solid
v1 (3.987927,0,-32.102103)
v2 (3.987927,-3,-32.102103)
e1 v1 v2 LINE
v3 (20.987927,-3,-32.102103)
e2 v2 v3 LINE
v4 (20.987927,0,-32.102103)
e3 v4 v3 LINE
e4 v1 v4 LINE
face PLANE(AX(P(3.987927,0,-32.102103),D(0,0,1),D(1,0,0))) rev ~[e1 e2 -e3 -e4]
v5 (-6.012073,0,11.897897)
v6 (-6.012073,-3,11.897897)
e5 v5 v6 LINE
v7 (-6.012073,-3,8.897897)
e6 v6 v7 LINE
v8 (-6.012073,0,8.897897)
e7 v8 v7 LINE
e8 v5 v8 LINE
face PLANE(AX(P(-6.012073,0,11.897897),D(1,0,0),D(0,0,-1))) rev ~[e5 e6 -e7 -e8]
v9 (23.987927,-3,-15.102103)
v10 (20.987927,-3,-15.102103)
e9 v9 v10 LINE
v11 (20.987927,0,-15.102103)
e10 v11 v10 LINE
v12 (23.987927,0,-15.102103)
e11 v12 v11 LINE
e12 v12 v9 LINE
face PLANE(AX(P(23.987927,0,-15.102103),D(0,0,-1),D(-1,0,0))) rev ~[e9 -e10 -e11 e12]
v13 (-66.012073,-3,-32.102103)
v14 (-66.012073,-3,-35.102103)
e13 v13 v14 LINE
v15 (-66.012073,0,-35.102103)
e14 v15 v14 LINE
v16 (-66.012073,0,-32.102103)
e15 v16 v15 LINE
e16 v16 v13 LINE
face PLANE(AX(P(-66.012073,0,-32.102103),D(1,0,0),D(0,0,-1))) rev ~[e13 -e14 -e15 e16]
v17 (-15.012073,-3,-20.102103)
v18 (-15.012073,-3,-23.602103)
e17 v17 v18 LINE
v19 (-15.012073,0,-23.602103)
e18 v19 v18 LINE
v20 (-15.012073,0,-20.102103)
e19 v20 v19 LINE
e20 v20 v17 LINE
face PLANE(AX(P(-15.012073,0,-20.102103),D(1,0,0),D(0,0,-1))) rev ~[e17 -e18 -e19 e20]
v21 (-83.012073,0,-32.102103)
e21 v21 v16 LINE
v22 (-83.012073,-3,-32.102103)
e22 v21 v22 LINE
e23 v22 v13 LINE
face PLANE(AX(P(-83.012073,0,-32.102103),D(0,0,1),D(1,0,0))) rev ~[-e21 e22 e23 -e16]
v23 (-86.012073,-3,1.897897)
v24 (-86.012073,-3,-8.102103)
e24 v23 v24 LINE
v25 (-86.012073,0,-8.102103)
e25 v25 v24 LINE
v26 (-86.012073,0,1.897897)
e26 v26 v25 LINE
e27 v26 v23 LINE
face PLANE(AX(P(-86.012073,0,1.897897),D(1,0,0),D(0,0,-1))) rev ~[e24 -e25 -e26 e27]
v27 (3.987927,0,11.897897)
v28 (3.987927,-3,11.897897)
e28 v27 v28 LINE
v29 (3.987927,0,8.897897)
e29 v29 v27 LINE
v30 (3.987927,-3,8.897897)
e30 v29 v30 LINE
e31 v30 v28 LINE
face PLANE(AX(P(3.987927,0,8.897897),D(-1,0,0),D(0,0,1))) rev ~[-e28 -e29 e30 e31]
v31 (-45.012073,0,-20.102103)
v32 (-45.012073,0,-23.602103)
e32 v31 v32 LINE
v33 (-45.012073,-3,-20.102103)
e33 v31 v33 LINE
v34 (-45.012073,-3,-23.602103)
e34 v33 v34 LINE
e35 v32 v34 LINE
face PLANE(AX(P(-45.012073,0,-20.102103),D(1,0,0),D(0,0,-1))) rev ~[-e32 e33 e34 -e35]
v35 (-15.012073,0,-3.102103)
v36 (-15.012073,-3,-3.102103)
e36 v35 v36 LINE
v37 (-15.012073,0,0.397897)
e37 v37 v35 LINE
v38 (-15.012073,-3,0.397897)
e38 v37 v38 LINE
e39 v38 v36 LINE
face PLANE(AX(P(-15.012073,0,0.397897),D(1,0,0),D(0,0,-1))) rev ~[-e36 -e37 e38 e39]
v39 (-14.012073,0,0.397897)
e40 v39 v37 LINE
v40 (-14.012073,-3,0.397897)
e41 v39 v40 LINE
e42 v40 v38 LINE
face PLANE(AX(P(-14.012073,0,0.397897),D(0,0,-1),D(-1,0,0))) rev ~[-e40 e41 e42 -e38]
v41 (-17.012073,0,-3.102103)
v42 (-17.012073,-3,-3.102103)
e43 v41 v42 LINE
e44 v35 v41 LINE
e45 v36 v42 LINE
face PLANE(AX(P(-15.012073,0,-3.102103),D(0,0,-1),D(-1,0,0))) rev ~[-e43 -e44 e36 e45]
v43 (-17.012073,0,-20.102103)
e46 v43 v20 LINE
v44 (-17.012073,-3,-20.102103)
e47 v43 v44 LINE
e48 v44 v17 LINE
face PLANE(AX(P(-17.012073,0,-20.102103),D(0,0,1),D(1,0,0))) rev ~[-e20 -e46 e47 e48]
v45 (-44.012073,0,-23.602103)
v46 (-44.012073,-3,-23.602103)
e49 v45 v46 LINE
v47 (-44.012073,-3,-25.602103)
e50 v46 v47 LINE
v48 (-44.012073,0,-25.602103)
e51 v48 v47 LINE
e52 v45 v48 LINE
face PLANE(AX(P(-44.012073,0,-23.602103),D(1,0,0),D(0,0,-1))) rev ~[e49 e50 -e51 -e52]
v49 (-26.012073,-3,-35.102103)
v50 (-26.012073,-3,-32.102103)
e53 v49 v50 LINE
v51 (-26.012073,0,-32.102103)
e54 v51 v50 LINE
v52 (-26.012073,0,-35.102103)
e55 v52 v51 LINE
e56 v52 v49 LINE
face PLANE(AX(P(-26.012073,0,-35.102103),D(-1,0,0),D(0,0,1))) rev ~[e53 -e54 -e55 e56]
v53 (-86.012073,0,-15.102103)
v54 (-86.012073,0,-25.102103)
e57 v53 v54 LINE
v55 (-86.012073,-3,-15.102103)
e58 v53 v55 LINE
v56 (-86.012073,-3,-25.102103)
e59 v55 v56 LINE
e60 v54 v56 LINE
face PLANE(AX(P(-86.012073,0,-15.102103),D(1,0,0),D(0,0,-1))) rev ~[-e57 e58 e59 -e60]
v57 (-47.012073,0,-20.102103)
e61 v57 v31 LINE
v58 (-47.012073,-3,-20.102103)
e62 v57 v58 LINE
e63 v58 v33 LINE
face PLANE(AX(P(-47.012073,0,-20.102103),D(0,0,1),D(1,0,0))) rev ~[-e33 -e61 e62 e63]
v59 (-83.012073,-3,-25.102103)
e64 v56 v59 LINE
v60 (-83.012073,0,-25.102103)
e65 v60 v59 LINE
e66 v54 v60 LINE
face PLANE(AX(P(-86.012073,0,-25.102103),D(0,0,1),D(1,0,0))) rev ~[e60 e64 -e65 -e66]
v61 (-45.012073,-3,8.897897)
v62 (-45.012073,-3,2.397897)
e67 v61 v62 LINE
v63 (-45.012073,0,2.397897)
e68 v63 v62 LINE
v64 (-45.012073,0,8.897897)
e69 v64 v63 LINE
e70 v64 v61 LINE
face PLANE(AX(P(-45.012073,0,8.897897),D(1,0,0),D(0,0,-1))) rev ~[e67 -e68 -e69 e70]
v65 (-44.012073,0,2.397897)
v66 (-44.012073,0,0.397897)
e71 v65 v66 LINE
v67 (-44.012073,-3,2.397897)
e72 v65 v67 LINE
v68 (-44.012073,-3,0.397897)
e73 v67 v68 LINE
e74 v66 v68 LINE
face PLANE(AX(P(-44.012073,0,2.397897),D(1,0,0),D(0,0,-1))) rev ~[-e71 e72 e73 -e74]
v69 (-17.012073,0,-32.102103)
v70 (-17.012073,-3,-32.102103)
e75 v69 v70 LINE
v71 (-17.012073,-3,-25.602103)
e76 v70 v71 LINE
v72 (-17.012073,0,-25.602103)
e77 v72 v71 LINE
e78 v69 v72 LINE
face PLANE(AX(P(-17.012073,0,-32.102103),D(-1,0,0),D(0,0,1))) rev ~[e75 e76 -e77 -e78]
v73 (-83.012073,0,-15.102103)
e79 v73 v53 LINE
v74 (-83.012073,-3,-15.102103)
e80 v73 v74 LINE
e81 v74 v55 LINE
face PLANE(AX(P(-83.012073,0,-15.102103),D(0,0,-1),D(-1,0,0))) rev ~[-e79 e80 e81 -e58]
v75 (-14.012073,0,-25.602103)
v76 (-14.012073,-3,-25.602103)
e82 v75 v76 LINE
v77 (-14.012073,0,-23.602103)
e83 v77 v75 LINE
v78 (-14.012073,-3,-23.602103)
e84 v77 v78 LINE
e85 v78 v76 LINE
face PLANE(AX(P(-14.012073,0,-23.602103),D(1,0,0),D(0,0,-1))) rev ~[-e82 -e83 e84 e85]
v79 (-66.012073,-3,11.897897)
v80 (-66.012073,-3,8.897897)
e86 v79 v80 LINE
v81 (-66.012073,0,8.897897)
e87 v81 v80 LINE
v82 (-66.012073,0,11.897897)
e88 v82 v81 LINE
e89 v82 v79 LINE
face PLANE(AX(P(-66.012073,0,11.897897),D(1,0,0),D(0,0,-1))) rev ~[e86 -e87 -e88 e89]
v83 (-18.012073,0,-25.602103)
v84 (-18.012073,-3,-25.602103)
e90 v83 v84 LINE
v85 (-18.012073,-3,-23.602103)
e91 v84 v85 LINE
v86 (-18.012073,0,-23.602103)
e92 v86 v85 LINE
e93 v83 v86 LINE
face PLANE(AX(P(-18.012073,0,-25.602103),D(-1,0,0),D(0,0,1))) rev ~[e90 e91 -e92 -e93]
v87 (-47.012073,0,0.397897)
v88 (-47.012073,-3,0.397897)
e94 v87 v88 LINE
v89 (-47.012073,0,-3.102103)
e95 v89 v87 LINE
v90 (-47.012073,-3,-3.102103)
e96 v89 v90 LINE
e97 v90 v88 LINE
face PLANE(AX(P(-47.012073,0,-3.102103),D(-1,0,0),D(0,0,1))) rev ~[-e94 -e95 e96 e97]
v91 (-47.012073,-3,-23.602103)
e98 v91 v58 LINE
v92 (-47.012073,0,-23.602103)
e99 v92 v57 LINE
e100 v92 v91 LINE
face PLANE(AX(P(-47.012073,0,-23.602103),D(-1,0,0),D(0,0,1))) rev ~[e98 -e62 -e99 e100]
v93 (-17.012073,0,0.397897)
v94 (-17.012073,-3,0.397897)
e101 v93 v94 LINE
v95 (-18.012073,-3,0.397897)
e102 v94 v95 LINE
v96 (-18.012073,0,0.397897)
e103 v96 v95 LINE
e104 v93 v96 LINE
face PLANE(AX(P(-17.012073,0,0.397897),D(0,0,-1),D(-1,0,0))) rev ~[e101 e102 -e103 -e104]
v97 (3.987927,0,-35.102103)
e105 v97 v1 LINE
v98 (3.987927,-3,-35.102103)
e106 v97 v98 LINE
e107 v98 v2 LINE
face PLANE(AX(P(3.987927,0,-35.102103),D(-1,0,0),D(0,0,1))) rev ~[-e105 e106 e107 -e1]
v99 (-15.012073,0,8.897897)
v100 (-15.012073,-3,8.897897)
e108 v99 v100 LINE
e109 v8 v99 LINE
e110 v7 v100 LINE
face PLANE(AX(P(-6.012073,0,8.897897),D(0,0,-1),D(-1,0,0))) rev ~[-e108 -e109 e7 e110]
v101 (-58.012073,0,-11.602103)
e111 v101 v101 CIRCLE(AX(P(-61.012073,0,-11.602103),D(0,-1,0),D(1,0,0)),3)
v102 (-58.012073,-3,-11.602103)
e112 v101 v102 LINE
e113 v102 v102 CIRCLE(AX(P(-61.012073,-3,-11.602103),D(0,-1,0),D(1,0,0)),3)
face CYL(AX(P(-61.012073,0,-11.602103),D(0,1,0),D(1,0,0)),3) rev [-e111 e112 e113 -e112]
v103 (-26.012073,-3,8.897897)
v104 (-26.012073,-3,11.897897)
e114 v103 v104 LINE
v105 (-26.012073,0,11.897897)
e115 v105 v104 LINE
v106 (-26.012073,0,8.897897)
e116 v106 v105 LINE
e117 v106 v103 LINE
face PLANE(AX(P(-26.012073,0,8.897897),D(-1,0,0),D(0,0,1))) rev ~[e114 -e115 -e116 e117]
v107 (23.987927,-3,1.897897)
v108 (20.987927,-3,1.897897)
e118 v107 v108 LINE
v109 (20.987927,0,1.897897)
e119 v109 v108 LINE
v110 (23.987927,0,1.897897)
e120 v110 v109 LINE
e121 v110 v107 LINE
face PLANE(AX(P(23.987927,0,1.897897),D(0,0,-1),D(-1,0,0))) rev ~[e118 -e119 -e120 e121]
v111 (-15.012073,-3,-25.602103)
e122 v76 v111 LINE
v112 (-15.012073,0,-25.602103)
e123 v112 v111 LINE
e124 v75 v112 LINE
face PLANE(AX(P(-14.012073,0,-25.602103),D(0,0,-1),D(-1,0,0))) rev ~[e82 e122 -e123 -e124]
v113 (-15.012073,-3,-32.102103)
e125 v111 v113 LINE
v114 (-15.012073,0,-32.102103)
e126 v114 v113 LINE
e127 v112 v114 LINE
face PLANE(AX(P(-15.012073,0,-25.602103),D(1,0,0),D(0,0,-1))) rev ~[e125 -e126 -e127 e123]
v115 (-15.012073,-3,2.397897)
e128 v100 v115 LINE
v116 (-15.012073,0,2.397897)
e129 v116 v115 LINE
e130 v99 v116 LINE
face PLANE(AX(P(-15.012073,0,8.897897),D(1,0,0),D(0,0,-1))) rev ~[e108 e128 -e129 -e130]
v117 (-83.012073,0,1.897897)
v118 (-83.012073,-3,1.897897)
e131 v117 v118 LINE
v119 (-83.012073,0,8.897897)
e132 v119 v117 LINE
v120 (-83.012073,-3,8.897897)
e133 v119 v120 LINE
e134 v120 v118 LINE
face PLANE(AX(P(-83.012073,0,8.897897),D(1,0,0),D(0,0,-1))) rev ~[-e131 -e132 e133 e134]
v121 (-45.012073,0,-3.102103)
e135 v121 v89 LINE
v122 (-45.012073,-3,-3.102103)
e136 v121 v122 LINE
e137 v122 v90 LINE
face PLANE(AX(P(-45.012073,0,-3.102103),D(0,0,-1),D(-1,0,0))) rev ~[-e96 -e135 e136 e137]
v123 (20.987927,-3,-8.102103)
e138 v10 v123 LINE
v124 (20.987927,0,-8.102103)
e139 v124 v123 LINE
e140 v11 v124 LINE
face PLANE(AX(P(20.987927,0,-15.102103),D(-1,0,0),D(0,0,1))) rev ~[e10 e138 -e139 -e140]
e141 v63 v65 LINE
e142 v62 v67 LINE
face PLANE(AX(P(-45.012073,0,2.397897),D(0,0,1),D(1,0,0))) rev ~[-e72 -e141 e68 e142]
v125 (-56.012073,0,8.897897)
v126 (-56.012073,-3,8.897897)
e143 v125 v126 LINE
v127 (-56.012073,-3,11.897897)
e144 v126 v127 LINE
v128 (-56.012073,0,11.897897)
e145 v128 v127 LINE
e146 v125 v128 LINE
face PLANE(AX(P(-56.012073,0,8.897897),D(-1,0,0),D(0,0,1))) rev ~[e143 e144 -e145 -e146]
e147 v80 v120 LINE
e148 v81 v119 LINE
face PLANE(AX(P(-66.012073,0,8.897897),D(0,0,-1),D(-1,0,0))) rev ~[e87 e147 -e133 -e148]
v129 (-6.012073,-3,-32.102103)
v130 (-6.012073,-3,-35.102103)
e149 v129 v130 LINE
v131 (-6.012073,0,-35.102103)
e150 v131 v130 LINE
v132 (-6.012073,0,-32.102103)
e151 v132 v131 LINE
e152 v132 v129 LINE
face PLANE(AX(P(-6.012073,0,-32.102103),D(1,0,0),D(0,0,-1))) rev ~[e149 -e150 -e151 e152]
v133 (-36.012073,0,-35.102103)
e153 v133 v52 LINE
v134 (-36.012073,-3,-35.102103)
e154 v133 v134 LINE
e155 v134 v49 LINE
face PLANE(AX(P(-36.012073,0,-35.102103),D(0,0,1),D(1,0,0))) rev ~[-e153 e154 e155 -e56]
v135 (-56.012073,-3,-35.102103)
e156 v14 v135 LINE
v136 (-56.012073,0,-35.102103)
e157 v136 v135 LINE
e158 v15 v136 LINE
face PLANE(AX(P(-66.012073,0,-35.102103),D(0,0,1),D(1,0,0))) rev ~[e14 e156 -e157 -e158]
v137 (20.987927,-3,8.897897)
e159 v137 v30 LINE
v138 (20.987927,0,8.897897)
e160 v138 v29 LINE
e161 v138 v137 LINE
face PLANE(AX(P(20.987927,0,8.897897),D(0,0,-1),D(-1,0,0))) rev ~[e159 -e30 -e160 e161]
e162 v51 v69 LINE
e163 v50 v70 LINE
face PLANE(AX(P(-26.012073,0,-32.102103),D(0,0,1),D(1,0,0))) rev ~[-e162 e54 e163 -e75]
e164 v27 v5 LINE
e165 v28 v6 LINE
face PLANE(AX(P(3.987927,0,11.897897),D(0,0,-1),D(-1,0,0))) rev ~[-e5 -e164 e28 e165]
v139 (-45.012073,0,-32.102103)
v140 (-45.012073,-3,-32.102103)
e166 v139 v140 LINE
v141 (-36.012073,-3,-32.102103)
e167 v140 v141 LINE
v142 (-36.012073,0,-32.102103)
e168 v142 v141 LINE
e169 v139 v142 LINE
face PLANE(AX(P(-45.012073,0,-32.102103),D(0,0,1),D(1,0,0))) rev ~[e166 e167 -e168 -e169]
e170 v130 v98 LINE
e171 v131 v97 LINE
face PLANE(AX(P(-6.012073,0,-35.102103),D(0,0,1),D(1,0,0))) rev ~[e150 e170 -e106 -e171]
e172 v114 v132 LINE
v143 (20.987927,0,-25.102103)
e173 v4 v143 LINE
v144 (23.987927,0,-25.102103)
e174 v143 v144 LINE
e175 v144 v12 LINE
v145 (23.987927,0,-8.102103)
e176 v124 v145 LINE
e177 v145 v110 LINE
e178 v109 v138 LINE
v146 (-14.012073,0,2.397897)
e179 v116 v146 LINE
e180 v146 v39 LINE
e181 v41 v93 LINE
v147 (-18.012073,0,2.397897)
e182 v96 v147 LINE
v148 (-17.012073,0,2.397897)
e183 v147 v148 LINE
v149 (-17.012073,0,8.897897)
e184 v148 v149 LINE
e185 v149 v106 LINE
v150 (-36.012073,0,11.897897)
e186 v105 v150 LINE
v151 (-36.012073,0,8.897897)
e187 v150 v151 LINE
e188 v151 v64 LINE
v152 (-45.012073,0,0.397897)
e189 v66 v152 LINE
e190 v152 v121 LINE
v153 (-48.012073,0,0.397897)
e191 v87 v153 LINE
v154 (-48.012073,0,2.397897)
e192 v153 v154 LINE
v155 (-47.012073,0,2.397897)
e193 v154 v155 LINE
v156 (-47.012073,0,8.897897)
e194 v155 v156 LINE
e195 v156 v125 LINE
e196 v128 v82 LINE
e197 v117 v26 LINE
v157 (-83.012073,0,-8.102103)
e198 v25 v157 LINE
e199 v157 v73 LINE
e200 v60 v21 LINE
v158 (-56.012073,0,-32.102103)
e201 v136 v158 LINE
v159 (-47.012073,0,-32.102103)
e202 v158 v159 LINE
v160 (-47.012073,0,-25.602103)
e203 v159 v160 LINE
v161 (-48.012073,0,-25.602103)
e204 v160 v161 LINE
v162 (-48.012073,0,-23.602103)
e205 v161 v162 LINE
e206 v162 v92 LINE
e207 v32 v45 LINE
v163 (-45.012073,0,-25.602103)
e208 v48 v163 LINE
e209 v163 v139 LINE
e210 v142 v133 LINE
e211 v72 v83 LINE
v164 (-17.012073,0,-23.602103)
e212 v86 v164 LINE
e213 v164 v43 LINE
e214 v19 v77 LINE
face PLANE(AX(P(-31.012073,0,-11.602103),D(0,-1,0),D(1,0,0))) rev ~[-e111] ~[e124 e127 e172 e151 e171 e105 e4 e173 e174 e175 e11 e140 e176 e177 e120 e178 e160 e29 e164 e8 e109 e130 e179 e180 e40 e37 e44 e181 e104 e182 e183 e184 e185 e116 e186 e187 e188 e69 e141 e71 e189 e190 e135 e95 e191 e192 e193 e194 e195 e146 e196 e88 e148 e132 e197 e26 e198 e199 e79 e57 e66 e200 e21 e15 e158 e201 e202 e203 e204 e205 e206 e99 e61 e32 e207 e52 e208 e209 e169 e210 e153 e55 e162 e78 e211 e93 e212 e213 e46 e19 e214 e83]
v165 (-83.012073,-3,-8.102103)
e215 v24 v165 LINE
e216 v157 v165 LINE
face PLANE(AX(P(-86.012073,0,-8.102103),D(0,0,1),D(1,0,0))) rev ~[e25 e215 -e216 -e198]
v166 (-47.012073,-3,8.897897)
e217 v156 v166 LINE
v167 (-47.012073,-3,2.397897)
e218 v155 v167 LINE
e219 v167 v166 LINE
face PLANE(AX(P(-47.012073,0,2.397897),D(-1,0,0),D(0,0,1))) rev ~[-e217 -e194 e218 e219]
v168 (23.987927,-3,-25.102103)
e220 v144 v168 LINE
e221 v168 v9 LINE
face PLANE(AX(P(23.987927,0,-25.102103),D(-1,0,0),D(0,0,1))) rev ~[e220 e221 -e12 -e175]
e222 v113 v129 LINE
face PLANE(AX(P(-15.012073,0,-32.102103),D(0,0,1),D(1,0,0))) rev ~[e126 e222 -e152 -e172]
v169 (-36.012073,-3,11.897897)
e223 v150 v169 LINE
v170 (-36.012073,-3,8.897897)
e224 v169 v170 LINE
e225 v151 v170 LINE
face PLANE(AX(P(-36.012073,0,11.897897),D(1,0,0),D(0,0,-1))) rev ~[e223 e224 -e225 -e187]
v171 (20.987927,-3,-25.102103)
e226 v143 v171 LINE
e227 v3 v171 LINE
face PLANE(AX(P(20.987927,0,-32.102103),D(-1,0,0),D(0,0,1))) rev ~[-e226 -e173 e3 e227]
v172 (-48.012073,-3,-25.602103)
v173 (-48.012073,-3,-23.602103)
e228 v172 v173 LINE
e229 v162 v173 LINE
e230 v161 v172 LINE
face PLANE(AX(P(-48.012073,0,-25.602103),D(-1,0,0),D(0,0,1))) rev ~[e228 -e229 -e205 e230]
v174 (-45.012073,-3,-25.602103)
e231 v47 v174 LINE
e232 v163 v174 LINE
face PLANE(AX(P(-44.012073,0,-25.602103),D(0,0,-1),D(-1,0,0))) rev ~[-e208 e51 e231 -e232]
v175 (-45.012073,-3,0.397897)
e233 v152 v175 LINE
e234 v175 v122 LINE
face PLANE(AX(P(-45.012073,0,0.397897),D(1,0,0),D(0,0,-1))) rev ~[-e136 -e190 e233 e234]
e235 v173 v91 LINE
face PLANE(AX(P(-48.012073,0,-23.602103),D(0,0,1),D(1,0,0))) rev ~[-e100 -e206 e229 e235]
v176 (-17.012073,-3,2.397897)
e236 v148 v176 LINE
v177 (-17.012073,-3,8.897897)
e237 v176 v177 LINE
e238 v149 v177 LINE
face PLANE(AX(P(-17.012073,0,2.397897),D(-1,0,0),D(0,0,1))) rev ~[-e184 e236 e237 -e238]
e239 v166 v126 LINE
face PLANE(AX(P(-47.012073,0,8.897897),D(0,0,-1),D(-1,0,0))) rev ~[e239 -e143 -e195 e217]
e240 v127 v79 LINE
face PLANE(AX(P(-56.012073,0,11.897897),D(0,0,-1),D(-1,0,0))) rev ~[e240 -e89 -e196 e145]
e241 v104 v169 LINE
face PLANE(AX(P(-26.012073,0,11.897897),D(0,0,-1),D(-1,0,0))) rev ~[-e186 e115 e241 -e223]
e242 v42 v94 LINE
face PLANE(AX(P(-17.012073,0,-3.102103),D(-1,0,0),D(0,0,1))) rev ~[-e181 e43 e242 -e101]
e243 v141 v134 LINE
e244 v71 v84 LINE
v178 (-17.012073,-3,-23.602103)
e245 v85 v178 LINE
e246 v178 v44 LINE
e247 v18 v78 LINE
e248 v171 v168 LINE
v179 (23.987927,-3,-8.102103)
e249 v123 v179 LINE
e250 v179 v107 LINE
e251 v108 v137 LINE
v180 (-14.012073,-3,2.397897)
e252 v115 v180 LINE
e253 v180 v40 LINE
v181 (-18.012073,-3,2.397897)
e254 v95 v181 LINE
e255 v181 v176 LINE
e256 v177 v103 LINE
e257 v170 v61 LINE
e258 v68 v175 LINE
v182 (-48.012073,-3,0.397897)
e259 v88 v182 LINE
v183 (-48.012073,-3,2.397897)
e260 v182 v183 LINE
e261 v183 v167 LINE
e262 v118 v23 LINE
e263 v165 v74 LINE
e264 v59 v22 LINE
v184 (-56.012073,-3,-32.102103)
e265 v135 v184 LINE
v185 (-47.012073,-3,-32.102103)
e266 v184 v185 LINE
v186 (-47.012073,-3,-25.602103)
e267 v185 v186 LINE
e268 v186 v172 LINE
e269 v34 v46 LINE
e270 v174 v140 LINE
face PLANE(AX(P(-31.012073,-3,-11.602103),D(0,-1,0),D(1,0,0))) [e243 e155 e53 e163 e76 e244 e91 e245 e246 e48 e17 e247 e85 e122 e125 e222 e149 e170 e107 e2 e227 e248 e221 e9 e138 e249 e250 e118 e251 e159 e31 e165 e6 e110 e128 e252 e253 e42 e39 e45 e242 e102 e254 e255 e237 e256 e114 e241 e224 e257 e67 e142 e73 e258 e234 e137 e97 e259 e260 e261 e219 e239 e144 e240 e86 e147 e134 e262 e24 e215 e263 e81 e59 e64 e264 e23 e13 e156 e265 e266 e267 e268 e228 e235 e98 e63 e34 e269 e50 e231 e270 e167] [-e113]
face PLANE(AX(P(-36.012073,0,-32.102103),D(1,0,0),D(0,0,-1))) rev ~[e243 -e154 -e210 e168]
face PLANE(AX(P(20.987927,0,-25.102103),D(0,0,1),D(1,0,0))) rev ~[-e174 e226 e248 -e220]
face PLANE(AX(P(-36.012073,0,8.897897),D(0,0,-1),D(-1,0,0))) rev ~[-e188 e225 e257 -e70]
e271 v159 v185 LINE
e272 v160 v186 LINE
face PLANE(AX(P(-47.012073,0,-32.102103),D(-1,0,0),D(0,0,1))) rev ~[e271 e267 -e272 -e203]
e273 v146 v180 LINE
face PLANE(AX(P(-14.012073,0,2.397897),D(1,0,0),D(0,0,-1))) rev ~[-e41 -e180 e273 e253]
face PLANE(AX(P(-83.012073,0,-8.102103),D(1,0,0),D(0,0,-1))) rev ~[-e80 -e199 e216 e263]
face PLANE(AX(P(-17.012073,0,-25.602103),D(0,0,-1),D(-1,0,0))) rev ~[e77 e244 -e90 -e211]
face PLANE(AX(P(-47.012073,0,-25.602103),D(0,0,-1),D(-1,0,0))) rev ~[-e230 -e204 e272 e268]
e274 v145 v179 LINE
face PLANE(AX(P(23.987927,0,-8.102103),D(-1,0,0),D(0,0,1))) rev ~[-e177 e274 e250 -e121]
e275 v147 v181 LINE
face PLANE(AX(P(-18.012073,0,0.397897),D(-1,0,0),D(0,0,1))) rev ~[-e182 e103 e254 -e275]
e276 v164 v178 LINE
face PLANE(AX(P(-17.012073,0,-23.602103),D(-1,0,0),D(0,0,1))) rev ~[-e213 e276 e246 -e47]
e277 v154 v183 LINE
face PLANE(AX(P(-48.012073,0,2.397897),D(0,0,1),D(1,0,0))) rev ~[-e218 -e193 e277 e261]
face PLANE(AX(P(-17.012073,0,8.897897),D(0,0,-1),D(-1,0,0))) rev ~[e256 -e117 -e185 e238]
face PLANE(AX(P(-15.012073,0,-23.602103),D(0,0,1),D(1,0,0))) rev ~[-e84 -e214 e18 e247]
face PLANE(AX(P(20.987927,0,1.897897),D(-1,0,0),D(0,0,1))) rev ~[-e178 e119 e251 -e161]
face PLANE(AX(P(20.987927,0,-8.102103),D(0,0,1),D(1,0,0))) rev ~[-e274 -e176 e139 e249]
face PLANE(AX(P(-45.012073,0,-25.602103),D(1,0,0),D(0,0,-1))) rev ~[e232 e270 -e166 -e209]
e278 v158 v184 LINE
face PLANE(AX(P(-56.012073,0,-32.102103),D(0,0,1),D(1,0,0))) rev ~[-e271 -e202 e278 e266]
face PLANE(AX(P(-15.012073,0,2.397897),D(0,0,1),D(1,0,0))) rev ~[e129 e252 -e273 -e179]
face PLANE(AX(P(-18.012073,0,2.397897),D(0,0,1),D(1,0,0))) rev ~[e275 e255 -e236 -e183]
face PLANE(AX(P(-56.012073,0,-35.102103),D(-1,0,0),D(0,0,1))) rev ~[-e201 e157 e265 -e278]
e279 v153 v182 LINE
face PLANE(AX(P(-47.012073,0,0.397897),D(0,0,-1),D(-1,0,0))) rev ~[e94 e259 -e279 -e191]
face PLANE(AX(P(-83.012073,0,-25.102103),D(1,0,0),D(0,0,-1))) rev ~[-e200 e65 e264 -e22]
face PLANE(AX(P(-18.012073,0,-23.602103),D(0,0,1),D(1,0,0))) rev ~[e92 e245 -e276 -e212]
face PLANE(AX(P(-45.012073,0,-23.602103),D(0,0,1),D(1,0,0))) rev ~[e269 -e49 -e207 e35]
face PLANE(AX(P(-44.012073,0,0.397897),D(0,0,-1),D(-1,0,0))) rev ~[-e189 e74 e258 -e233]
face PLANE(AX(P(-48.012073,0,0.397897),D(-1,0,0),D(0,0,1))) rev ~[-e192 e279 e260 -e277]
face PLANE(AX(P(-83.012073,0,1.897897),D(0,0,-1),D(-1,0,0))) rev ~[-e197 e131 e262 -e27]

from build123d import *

# Parameters (mm, degrees)
F0_R     = 3
F1_DEPTH = 3


with BuildPart() as f1:
    # F0 (on Front) → F1 (new body)
    with BuildSketch(Plane.XZ):
        Polygon((-47.012073, 8.897897), (-56.012073, 8.897897), (-56.012073, 11.897897), (-66.012073, 11.897897), (-66.012073, 8.897897), (-83.012073, 8.897897), (-83.012073, 1.897897), (-86.012073, 1.897897), (-86.012073, -8.102103), (-83.012073, -8.102103), (-83.012073, -11.602103), (-83.012073, -15.102103), (-86.012073, -15.102103), (-86.012073, -25.102103), (-83.012073, -25.102103), (-83.012073, -32.102103), (-66.012073, -32.102103), (-66.012073, -35.102103), (-56.012073, -35.102103), (-56.012073, -32.102103), (-47.012073, -32.102103), (-47.012073, -25.602103), (-48.012073, -25.602103), (-48.012073, -23.602103), (-47.012073, -23.602103), (-47.012073, -20.102103), (-45.012073, -20.102103), (-45.012073, -23.602103), (-44.012073, -23.602103), (-44.012073, -25.602103), (-45.012073, -25.602103), (-45.012073, -32.102103), (-36.012073, -32.102103), (-36.012073, -35.102103), (-31.012073, -35.102103), (-26.012073, -35.102103), (-26.012073, -32.102103), (-17.012073, -32.102103), (-17.012073, -25.602103), (-18.012073, -25.602103), (-18.012073, -23.602103), (-17.012073, -23.602103), (-17.012073, -20.102103), (-15.012073, -20.102103), (-15.012073, -23.602103), (-14.012073, -23.602103), (-14.012073, -25.602103), (-15.012073, -25.602103), (-15.012073, -32.102103), (-6.012073, -32.102103), (-6.012073, -35.102103), (3.987927, -35.102103), (3.987927, -32.102103), (20.987927, -32.102103), (20.987927, -25.102103), (23.987927, -25.102103), (23.987927, -15.102103), (20.987927, -15.102103), (20.987927, -11.602103), (20.987927, -8.102103), (23.987927, -8.102103), (23.987927, 1.897897), (20.987927, 1.897897), (20.987927, 8.897897), (3.987927, 8.897897), (3.987927, 11.897897), (-6.012073, 11.897897), (-6.012073, 8.897897), (-15.012073, 8.897897), (-15.012073, 2.397897), (-14.012073, 2.397897), (-14.012073, 0.397897), (-15.012073, 0.397897), (-15.012073, -3.102103), (-17.012073, -3.102103), (-17.012073, 0.397897), (-18.012073, 0.397897), (-18.012073, 2.397897), (-17.012073, 2.397897), (-17.012073, 8.897897), (-26.012073, 8.897897), (-26.012073, 11.897897), (-31.012073, 11.897897), (-36.012073, 11.897897), (-36.012073, 8.897897), (-45.012073, 8.897897), (-45.012073, 2.397897), (-44.012073, 2.397897), (-44.012073, 0.397897), (-45.012073, 0.397897), (-45.012073, -3.102103), (-47.012073, -3.102103), (-47.012073, 0.397897), (-48.012073, 0.397897), (-48.012073, 2.397897), (-47.012073, 2.397897), align=None)
        with Locations((-61.012073, -11.602103)):
            Circle(F0_R, mode=Mode.SUBTRACT)
    extrude(amount=F1_DEPTH)


solid = f1.part
